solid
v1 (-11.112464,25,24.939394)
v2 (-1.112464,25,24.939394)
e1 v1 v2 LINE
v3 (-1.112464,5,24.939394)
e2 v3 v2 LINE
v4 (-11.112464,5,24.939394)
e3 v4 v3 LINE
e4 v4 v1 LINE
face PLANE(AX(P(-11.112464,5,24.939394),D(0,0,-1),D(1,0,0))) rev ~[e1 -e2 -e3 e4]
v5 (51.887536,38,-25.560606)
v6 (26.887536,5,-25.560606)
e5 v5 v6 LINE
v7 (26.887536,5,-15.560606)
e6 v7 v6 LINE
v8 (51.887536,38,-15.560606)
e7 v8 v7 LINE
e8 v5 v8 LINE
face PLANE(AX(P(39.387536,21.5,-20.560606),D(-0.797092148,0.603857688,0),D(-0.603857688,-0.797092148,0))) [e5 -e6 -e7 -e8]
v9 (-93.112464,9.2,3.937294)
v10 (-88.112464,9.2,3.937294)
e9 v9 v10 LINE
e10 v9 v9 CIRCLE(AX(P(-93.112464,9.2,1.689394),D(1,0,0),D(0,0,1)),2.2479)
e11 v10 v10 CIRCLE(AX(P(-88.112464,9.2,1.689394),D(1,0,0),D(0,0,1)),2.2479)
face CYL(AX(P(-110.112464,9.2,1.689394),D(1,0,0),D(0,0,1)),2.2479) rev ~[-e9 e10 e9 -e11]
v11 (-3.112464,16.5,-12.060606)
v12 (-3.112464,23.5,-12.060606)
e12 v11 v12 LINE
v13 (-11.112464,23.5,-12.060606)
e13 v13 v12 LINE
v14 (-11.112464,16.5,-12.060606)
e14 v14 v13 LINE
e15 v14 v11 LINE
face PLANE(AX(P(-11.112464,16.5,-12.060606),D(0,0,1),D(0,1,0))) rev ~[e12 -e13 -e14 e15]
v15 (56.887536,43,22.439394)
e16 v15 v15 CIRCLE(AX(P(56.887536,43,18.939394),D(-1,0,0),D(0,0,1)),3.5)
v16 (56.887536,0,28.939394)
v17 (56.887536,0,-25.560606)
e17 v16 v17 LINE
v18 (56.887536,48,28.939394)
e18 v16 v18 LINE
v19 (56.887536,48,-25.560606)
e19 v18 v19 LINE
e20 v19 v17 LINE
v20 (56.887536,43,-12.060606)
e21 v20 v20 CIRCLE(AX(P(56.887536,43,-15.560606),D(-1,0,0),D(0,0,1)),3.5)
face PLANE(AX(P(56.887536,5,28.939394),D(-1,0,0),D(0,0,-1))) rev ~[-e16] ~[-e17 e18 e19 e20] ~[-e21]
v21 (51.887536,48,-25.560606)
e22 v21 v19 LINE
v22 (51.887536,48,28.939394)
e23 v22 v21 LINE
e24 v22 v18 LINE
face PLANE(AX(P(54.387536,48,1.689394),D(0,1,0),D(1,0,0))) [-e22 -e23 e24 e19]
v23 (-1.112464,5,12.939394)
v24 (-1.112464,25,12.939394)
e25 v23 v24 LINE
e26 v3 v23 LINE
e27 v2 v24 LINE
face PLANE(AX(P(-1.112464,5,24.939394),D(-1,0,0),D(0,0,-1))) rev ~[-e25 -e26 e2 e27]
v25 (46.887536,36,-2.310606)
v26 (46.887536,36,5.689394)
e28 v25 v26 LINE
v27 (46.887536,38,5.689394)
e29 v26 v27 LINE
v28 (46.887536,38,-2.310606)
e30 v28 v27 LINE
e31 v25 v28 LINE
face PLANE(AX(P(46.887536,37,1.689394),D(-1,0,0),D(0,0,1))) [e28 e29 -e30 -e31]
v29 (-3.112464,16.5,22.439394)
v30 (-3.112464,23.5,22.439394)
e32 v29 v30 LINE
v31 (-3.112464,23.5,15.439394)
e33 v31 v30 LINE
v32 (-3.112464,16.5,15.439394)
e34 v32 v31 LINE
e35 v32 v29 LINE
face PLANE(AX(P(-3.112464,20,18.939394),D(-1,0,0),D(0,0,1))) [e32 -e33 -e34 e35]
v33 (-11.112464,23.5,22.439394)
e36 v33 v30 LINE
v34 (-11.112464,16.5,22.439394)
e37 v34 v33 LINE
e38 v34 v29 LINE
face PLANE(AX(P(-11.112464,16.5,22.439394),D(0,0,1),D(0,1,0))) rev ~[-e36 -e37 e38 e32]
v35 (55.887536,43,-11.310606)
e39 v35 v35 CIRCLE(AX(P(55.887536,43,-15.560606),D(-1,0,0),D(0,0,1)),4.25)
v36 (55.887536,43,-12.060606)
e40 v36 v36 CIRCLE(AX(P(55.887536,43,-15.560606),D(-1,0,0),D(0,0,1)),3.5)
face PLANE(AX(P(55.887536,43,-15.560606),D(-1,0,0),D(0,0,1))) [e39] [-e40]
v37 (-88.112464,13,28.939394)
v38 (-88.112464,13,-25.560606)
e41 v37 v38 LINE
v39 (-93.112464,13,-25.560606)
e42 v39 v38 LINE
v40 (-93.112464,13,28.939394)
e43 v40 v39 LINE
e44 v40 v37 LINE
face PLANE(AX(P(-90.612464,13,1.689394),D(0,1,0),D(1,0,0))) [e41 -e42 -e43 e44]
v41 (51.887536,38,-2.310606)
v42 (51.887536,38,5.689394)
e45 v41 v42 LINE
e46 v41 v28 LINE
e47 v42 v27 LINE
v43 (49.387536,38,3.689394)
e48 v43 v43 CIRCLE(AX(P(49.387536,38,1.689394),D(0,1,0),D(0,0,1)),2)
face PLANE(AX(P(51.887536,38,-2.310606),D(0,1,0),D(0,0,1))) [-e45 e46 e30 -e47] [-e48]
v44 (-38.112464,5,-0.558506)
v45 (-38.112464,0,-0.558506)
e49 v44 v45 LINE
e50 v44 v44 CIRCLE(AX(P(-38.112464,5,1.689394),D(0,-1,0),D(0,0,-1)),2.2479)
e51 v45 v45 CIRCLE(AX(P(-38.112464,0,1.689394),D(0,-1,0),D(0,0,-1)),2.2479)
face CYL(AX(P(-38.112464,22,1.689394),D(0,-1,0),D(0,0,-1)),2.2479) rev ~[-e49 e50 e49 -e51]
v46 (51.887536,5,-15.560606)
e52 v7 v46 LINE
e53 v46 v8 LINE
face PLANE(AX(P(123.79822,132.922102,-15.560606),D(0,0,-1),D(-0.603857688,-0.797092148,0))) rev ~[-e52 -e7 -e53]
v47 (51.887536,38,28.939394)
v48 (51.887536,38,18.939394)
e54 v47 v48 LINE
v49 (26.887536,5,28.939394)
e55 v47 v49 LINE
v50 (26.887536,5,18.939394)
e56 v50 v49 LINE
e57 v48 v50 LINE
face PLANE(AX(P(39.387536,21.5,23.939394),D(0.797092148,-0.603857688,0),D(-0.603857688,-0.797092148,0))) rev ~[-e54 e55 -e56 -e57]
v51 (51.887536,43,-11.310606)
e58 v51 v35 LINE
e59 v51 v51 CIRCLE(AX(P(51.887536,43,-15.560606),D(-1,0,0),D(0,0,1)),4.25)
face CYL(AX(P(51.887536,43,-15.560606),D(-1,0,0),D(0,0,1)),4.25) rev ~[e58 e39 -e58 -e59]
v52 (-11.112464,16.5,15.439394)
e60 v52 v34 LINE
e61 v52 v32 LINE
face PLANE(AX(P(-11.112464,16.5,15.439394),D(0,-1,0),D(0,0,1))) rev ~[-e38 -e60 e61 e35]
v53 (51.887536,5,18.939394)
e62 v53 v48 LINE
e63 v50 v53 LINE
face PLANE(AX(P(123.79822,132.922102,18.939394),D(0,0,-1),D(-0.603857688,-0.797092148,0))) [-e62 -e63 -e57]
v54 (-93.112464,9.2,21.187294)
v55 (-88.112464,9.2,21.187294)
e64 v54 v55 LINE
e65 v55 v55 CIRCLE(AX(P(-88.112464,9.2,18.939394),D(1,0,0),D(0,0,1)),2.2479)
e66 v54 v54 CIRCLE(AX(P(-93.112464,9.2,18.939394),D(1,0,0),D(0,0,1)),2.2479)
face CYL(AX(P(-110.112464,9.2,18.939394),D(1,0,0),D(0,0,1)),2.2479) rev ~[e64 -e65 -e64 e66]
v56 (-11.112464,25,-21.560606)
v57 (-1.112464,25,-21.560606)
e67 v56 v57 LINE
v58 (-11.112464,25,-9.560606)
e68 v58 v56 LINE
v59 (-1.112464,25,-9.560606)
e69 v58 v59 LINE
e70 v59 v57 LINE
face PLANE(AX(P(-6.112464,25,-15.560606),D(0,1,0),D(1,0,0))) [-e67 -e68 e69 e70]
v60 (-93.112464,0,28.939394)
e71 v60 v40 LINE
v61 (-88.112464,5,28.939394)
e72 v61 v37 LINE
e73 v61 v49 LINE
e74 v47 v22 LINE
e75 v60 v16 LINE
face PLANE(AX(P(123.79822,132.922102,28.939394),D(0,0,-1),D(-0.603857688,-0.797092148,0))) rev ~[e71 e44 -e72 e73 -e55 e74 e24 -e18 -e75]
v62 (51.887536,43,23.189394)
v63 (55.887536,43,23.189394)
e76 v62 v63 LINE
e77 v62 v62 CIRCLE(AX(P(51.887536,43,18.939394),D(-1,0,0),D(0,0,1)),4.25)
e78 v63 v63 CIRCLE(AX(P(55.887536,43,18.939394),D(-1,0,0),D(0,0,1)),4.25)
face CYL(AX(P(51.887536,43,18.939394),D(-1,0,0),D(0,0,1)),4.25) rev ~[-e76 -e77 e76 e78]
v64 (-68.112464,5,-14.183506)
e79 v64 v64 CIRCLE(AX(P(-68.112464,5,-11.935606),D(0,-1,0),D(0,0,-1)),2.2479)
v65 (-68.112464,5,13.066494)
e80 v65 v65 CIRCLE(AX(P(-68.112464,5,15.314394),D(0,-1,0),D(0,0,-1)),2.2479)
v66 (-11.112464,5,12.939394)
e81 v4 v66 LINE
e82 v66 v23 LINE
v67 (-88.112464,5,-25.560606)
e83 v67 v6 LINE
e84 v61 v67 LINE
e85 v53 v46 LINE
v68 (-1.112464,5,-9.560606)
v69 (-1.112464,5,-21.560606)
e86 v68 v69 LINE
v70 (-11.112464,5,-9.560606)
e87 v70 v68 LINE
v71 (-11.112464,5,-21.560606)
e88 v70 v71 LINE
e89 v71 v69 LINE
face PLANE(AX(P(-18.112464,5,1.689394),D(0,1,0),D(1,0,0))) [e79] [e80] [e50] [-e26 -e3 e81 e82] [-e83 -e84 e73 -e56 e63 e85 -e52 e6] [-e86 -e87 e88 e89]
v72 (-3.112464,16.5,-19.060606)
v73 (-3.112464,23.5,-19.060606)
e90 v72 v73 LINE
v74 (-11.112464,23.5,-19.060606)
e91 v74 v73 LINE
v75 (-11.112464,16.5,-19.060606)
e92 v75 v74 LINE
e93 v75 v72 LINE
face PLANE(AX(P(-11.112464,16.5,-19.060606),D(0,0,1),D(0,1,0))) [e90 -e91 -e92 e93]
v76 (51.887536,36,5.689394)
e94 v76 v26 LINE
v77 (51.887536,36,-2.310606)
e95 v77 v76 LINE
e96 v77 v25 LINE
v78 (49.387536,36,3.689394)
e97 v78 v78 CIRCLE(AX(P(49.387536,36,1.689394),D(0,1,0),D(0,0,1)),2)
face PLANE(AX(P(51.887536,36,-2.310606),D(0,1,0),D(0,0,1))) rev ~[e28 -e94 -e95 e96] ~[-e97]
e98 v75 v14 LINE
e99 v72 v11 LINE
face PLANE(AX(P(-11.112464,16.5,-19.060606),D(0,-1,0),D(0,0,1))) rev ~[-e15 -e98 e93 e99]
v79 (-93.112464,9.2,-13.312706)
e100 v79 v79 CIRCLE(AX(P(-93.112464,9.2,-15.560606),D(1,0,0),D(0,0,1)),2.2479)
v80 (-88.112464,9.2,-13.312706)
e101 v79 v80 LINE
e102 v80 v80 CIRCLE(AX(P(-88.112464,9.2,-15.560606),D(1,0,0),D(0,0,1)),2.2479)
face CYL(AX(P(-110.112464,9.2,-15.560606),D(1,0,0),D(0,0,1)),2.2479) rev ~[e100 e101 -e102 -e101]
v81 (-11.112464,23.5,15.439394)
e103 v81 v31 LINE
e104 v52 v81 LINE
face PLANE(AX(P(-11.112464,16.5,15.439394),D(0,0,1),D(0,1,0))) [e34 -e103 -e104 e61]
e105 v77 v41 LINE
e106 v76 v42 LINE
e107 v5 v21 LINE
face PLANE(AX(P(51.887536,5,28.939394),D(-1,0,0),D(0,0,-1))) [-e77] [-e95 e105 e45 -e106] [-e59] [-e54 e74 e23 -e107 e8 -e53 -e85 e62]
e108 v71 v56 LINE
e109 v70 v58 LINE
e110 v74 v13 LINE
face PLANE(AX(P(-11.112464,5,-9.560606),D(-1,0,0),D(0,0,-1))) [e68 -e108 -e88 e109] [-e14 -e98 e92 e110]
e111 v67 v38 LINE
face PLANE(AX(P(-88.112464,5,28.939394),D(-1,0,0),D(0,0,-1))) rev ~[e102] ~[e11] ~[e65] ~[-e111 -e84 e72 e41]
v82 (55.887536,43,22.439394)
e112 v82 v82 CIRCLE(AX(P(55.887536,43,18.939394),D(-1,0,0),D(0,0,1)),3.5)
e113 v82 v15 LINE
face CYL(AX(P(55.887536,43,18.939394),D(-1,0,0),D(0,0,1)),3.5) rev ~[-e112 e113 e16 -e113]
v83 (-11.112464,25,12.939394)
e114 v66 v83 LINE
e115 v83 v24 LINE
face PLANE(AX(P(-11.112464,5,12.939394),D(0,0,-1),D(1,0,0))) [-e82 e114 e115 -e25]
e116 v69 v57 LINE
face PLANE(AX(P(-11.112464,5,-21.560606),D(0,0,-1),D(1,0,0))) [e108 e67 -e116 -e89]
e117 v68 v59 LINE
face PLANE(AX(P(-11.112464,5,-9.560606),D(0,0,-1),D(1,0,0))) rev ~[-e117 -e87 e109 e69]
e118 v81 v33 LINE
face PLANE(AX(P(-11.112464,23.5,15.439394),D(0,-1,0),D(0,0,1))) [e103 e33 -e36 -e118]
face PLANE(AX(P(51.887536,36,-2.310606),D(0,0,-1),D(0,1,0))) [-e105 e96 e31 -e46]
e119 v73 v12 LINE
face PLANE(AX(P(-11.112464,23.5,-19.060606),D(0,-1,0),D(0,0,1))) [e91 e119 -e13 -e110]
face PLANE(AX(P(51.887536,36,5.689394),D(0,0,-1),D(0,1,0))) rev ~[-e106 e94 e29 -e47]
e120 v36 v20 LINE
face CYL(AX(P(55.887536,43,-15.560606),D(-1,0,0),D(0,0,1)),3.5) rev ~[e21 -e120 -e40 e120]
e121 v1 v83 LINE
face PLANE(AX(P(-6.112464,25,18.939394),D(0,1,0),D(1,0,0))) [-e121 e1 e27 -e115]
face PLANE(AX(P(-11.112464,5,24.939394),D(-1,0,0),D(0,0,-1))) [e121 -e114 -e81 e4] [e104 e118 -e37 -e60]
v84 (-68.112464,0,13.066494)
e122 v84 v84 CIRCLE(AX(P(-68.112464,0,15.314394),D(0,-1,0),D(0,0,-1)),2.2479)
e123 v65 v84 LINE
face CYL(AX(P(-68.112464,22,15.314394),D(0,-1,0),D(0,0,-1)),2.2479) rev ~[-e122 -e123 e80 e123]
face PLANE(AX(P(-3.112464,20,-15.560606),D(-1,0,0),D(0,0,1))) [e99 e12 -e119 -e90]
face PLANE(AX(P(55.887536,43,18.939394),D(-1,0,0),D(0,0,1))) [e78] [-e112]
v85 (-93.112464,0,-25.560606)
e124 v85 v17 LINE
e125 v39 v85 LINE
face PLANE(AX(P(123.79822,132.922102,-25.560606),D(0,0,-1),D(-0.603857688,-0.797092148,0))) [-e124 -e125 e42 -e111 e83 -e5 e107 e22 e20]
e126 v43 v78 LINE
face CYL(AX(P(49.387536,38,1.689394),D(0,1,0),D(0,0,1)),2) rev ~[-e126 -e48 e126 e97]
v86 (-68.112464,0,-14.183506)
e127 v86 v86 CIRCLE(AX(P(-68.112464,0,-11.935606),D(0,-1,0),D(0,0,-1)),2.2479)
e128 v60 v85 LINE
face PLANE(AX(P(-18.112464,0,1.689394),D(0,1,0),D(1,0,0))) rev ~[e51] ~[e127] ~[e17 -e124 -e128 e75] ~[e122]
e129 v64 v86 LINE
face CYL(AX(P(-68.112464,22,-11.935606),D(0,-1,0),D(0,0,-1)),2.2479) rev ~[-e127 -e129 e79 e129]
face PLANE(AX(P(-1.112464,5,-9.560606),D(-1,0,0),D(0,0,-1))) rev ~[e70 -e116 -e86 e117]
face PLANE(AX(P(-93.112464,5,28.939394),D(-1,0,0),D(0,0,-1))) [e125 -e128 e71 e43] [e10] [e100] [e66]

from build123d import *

# Parameters (mm, degrees)
SKETCH1_W                 = 150
SKETCH1_H                 = 54.5
BOSS_EXTRUDE1_DEPTH       = 5
SKETCH2_W                 = 5
SKETCH2_H                 = 54.5
BOSS_EXTRUDE2_DEPTH       = 8
F_8_CLEARANCE_HOLE1_D     = 4.4958
F_8_CLEARANCE_HOLE1_DEPTH = 17
F_8_CLEARANCE_HOLE1_TIP   = 1.350674586
SKETCH7_W                 = 5
SKETCH7_H                 = 54.5
BOSS_EXTRUDE3_DEPTH       = 43
SKETCH8_R                 = 4.25
CUT_EXTRUDE1_DEPTH        = 4
RIB1_REACH                = 120.085
SKETCH10_WALL_W           = 279.571445908
SKETCH10_WALL_H           = 10
RIB3_REACH                = 120.085
SKETCH12_WALL_W           = 279.571445908
SKETCH12_WALL_H           = 10
SKETCH13_W                = 8
SKETCH13_H                = 2
BOSS_EXTRUDE4_DEPTH       = 5
SKETCH14_R                = 2
CUT_EXTRUDE2_DEPTH        = 2
SKETCH15_R                = 3.5
CUT_EXTRUDE3_DEPTH        = 1
F_8_CLEARANCE_HOLE2_D     = 4.4958
F_8_CLEARANCE_HOLE2_DEPTH = 17
F_8_CLEARANCE_HOLE2_TIP   = 1.350674586
SKETCH16_W                = 10
SKETCH16_H                = 12
BOSS_EXTRUDE5_DEPTH       = 20
SKETCH18_W                = 7
SKETCH18_H                = 7
CUT_EXTRUDE4_DEPTH        = 8


with BuildPart() as part:
    # Sketch1 → Boss-Extrude1 (new body)
    with BuildSketch(Plane(origin=(0, 0, 0), x_dir=(1, 0, 0), z_dir=(0, 1, 0))):
        with Locations((-18.112463826, -1.689393939)):
            Rectangle(SKETCH1_W, SKETCH1_H)
    extrude(amount=BOSS_EXTRUDE1_DEPTH)

    # Sketch2 → Boss-Extrude2 (add)
    with BuildSketch(Plane(origin=(0, 5, 0), x_dir=(1, 0, 0), z_dir=(0, 1, 0))):
        with Locations((-90.612463826, -1.689393939)):
            Rectangle(SKETCH2_W, SKETCH2_H)
    extrude(amount=BOSS_EXTRUDE2_DEPTH)

    # #8 Clearance Hole1
    with Locations(Plane(origin=(-93.112463826, 9.2, -15.560606061), x_dir=(0, 0, -1), z_dir=(-1, 0, 0))):
        with Locations((0, 0), (-17.25, 0), (-34.5, 0)):
            Hole(F_8_CLEARANCE_HOLE1_D / 2, depth=F_8_CLEARANCE_HOLE1_DEPTH)
            with Locations((0, 0, -(F_8_CLEARANCE_HOLE1_DEPTH + F_8_CLEARANCE_HOLE1_TIP / 2))):  # 118° drill point
                Cone(0, F_8_CLEARANCE_HOLE1_D / 2, F_8_CLEARANCE_HOLE1_TIP, mode=Mode.SUBTRACT)

    # Sketch7 → Boss-Extrude3 (add)
    with BuildSketch(Plane(origin=(0, 5, 0), x_dir=(1, 0, 0), z_dir=(0, 1, 0))):
        with Locations((54.387536174, -1.689393939)):
            Rectangle(SKETCH7_W, SKETCH7_H)
    extrude(amount=BOSS_EXTRUDE3_DEPTH)

    # Sketch8 → Cut-Extrude1 (cut)
    with BuildSketch(Plane.ZY.offset(-51.887536174)):
        with Locations((-15.560606061, 43)):
            Circle(SKETCH8_R)
        with Locations((18.939393939, 43)):
            Circle(SKETCH8_R)
    extrude(amount=-CUT_EXTRUDE1_DEPTH, mode=Mode.SUBTRACT)

    # Sketch10 wall → Rib1 (add, up to next)
    with BuildSketch(Plane(origin=(39.387536174, 21.5, -25.560606061), x_dir=(-0.603857687995, -0.797092148154, 0), z_dir=(-0.797092148154, 0.603857687995, 0)), mode=Mode.PRIVATE) as rib1_sk1:
        with Locations((0, 5)):
            Rectangle(SKETCH10_WALL_W, SKETCH10_WALL_H)
    rib1_tool1 = extrude(rib1_sk1.sketch, amount=-RIB1_REACH, mode=Mode.PRIVATE) - part.part
    add(rib1_tool1.solids().sort_by_distance((39.387536174, 21.5, -25.560606061))[0])

    # Sketch12 wall → Rib3 (add, up to next)
    with BuildSketch(Plane(origin=(39.387536174, 21.5, 28.939393939), x_dir=(-0.603857687995, -0.797092148154, 0), z_dir=(0.797092148154, -0.603857687995, 0)), mode=Mode.PRIVATE) as rib3_sk1:
        with Locations((0, 5)):
            Rectangle(SKETCH12_WALL_W, SKETCH12_WALL_H)
    rib3_tool1 = extrude(rib3_sk1.sketch, amount=RIB3_REACH, mode=Mode.PRIVATE) - part.part
    add(rib3_tool1.solids().sort_by_distance((39.387536174, 21.5, 28.939393939))[0])

    # Sketch13 → Boss-Extrude4 (add)
    with BuildSketch(Plane.ZY.offset(-51.887536174)):
        with Locations((1.689393939, 37)):
            Rectangle(SKETCH13_W, SKETCH13_H)
    extrude(amount=BOSS_EXTRUDE4_DEPTH)

    # Sketch14 → Cut-Extrude2 (cut)
    with BuildSketch(Plane(origin=(0, 38, 0), x_dir=(1, 0, 0), z_dir=(0, 1, 0))):
        with Locations(Location((49.387536174, -1.689393939, 0), (0, 0, 270))):
            Circle(SKETCH14_R)
    extrude(amount=-CUT_EXTRUDE2_DEPTH, mode=Mode.SUBTRACT)

    # Sketch15 → Cut-Extrude3 (cut)
    with BuildSketch(Plane.ZY.offset(-55.887536174)):
        with Locations((-15.560606061, 43)):
            Circle(SKETCH15_R)
        with Locations((18.939393939, 43)):
            Circle(SKETCH15_R)
    extrude(amount=-CUT_EXTRUDE3_DEPTH, mode=Mode.SUBTRACT)

    # #8 Clearance Hole2
    with Locations(Plane(origin=(-38.112463826, 5, 1.689393939), x_dir=(0, 0, 1), z_dir=(0, 1, 0))):
        with Locations((0, 0), (13.625, -30), (-13.625, -30)):
            Hole(F_8_CLEARANCE_HOLE2_D / 2, depth=F_8_CLEARANCE_HOLE2_DEPTH)
            with Locations((0, 0, -(F_8_CLEARANCE_HOLE2_DEPTH + F_8_CLEARANCE_HOLE2_TIP / 2))):  # 118° drill point
                Cone(0, F_8_CLEARANCE_HOLE2_D / 2, F_8_CLEARANCE_HOLE2_TIP, mode=Mode.SUBTRACT)

    # Sketch16 → Boss-Extrude5 (add)
    with BuildSketch(Plane(origin=(0, 5, 0), x_dir=(1, 0, 0), z_dir=(0, 1, 0))):
        with Locations((-6.112463826, 15.560606061)):
            Rectangle(SKETCH16_W, SKETCH16_H)
        with Locations((-6.112463826, -18.939393939)):
            Rectangle(SKETCH16_W, SKETCH16_H)
    extrude(amount=BOSS_EXTRUDE5_DEPTH)

    # Sketch18 → Cut-Extrude4 (cut)
    with BuildSketch(Plane.ZY.offset(11.112463826)):
        with Locations((-15.560606061, 20)):
            Rectangle(SKETCH18_W, SKETCH18_H)
        with Locations((18.939393939, 20)):
            Rectangle(SKETCH18_W, SKETCH18_H)
    extrude(amount=-CUT_EXTRUDE4_DEPTH, mode=Mode.SUBTRACT)


solid = part.part
